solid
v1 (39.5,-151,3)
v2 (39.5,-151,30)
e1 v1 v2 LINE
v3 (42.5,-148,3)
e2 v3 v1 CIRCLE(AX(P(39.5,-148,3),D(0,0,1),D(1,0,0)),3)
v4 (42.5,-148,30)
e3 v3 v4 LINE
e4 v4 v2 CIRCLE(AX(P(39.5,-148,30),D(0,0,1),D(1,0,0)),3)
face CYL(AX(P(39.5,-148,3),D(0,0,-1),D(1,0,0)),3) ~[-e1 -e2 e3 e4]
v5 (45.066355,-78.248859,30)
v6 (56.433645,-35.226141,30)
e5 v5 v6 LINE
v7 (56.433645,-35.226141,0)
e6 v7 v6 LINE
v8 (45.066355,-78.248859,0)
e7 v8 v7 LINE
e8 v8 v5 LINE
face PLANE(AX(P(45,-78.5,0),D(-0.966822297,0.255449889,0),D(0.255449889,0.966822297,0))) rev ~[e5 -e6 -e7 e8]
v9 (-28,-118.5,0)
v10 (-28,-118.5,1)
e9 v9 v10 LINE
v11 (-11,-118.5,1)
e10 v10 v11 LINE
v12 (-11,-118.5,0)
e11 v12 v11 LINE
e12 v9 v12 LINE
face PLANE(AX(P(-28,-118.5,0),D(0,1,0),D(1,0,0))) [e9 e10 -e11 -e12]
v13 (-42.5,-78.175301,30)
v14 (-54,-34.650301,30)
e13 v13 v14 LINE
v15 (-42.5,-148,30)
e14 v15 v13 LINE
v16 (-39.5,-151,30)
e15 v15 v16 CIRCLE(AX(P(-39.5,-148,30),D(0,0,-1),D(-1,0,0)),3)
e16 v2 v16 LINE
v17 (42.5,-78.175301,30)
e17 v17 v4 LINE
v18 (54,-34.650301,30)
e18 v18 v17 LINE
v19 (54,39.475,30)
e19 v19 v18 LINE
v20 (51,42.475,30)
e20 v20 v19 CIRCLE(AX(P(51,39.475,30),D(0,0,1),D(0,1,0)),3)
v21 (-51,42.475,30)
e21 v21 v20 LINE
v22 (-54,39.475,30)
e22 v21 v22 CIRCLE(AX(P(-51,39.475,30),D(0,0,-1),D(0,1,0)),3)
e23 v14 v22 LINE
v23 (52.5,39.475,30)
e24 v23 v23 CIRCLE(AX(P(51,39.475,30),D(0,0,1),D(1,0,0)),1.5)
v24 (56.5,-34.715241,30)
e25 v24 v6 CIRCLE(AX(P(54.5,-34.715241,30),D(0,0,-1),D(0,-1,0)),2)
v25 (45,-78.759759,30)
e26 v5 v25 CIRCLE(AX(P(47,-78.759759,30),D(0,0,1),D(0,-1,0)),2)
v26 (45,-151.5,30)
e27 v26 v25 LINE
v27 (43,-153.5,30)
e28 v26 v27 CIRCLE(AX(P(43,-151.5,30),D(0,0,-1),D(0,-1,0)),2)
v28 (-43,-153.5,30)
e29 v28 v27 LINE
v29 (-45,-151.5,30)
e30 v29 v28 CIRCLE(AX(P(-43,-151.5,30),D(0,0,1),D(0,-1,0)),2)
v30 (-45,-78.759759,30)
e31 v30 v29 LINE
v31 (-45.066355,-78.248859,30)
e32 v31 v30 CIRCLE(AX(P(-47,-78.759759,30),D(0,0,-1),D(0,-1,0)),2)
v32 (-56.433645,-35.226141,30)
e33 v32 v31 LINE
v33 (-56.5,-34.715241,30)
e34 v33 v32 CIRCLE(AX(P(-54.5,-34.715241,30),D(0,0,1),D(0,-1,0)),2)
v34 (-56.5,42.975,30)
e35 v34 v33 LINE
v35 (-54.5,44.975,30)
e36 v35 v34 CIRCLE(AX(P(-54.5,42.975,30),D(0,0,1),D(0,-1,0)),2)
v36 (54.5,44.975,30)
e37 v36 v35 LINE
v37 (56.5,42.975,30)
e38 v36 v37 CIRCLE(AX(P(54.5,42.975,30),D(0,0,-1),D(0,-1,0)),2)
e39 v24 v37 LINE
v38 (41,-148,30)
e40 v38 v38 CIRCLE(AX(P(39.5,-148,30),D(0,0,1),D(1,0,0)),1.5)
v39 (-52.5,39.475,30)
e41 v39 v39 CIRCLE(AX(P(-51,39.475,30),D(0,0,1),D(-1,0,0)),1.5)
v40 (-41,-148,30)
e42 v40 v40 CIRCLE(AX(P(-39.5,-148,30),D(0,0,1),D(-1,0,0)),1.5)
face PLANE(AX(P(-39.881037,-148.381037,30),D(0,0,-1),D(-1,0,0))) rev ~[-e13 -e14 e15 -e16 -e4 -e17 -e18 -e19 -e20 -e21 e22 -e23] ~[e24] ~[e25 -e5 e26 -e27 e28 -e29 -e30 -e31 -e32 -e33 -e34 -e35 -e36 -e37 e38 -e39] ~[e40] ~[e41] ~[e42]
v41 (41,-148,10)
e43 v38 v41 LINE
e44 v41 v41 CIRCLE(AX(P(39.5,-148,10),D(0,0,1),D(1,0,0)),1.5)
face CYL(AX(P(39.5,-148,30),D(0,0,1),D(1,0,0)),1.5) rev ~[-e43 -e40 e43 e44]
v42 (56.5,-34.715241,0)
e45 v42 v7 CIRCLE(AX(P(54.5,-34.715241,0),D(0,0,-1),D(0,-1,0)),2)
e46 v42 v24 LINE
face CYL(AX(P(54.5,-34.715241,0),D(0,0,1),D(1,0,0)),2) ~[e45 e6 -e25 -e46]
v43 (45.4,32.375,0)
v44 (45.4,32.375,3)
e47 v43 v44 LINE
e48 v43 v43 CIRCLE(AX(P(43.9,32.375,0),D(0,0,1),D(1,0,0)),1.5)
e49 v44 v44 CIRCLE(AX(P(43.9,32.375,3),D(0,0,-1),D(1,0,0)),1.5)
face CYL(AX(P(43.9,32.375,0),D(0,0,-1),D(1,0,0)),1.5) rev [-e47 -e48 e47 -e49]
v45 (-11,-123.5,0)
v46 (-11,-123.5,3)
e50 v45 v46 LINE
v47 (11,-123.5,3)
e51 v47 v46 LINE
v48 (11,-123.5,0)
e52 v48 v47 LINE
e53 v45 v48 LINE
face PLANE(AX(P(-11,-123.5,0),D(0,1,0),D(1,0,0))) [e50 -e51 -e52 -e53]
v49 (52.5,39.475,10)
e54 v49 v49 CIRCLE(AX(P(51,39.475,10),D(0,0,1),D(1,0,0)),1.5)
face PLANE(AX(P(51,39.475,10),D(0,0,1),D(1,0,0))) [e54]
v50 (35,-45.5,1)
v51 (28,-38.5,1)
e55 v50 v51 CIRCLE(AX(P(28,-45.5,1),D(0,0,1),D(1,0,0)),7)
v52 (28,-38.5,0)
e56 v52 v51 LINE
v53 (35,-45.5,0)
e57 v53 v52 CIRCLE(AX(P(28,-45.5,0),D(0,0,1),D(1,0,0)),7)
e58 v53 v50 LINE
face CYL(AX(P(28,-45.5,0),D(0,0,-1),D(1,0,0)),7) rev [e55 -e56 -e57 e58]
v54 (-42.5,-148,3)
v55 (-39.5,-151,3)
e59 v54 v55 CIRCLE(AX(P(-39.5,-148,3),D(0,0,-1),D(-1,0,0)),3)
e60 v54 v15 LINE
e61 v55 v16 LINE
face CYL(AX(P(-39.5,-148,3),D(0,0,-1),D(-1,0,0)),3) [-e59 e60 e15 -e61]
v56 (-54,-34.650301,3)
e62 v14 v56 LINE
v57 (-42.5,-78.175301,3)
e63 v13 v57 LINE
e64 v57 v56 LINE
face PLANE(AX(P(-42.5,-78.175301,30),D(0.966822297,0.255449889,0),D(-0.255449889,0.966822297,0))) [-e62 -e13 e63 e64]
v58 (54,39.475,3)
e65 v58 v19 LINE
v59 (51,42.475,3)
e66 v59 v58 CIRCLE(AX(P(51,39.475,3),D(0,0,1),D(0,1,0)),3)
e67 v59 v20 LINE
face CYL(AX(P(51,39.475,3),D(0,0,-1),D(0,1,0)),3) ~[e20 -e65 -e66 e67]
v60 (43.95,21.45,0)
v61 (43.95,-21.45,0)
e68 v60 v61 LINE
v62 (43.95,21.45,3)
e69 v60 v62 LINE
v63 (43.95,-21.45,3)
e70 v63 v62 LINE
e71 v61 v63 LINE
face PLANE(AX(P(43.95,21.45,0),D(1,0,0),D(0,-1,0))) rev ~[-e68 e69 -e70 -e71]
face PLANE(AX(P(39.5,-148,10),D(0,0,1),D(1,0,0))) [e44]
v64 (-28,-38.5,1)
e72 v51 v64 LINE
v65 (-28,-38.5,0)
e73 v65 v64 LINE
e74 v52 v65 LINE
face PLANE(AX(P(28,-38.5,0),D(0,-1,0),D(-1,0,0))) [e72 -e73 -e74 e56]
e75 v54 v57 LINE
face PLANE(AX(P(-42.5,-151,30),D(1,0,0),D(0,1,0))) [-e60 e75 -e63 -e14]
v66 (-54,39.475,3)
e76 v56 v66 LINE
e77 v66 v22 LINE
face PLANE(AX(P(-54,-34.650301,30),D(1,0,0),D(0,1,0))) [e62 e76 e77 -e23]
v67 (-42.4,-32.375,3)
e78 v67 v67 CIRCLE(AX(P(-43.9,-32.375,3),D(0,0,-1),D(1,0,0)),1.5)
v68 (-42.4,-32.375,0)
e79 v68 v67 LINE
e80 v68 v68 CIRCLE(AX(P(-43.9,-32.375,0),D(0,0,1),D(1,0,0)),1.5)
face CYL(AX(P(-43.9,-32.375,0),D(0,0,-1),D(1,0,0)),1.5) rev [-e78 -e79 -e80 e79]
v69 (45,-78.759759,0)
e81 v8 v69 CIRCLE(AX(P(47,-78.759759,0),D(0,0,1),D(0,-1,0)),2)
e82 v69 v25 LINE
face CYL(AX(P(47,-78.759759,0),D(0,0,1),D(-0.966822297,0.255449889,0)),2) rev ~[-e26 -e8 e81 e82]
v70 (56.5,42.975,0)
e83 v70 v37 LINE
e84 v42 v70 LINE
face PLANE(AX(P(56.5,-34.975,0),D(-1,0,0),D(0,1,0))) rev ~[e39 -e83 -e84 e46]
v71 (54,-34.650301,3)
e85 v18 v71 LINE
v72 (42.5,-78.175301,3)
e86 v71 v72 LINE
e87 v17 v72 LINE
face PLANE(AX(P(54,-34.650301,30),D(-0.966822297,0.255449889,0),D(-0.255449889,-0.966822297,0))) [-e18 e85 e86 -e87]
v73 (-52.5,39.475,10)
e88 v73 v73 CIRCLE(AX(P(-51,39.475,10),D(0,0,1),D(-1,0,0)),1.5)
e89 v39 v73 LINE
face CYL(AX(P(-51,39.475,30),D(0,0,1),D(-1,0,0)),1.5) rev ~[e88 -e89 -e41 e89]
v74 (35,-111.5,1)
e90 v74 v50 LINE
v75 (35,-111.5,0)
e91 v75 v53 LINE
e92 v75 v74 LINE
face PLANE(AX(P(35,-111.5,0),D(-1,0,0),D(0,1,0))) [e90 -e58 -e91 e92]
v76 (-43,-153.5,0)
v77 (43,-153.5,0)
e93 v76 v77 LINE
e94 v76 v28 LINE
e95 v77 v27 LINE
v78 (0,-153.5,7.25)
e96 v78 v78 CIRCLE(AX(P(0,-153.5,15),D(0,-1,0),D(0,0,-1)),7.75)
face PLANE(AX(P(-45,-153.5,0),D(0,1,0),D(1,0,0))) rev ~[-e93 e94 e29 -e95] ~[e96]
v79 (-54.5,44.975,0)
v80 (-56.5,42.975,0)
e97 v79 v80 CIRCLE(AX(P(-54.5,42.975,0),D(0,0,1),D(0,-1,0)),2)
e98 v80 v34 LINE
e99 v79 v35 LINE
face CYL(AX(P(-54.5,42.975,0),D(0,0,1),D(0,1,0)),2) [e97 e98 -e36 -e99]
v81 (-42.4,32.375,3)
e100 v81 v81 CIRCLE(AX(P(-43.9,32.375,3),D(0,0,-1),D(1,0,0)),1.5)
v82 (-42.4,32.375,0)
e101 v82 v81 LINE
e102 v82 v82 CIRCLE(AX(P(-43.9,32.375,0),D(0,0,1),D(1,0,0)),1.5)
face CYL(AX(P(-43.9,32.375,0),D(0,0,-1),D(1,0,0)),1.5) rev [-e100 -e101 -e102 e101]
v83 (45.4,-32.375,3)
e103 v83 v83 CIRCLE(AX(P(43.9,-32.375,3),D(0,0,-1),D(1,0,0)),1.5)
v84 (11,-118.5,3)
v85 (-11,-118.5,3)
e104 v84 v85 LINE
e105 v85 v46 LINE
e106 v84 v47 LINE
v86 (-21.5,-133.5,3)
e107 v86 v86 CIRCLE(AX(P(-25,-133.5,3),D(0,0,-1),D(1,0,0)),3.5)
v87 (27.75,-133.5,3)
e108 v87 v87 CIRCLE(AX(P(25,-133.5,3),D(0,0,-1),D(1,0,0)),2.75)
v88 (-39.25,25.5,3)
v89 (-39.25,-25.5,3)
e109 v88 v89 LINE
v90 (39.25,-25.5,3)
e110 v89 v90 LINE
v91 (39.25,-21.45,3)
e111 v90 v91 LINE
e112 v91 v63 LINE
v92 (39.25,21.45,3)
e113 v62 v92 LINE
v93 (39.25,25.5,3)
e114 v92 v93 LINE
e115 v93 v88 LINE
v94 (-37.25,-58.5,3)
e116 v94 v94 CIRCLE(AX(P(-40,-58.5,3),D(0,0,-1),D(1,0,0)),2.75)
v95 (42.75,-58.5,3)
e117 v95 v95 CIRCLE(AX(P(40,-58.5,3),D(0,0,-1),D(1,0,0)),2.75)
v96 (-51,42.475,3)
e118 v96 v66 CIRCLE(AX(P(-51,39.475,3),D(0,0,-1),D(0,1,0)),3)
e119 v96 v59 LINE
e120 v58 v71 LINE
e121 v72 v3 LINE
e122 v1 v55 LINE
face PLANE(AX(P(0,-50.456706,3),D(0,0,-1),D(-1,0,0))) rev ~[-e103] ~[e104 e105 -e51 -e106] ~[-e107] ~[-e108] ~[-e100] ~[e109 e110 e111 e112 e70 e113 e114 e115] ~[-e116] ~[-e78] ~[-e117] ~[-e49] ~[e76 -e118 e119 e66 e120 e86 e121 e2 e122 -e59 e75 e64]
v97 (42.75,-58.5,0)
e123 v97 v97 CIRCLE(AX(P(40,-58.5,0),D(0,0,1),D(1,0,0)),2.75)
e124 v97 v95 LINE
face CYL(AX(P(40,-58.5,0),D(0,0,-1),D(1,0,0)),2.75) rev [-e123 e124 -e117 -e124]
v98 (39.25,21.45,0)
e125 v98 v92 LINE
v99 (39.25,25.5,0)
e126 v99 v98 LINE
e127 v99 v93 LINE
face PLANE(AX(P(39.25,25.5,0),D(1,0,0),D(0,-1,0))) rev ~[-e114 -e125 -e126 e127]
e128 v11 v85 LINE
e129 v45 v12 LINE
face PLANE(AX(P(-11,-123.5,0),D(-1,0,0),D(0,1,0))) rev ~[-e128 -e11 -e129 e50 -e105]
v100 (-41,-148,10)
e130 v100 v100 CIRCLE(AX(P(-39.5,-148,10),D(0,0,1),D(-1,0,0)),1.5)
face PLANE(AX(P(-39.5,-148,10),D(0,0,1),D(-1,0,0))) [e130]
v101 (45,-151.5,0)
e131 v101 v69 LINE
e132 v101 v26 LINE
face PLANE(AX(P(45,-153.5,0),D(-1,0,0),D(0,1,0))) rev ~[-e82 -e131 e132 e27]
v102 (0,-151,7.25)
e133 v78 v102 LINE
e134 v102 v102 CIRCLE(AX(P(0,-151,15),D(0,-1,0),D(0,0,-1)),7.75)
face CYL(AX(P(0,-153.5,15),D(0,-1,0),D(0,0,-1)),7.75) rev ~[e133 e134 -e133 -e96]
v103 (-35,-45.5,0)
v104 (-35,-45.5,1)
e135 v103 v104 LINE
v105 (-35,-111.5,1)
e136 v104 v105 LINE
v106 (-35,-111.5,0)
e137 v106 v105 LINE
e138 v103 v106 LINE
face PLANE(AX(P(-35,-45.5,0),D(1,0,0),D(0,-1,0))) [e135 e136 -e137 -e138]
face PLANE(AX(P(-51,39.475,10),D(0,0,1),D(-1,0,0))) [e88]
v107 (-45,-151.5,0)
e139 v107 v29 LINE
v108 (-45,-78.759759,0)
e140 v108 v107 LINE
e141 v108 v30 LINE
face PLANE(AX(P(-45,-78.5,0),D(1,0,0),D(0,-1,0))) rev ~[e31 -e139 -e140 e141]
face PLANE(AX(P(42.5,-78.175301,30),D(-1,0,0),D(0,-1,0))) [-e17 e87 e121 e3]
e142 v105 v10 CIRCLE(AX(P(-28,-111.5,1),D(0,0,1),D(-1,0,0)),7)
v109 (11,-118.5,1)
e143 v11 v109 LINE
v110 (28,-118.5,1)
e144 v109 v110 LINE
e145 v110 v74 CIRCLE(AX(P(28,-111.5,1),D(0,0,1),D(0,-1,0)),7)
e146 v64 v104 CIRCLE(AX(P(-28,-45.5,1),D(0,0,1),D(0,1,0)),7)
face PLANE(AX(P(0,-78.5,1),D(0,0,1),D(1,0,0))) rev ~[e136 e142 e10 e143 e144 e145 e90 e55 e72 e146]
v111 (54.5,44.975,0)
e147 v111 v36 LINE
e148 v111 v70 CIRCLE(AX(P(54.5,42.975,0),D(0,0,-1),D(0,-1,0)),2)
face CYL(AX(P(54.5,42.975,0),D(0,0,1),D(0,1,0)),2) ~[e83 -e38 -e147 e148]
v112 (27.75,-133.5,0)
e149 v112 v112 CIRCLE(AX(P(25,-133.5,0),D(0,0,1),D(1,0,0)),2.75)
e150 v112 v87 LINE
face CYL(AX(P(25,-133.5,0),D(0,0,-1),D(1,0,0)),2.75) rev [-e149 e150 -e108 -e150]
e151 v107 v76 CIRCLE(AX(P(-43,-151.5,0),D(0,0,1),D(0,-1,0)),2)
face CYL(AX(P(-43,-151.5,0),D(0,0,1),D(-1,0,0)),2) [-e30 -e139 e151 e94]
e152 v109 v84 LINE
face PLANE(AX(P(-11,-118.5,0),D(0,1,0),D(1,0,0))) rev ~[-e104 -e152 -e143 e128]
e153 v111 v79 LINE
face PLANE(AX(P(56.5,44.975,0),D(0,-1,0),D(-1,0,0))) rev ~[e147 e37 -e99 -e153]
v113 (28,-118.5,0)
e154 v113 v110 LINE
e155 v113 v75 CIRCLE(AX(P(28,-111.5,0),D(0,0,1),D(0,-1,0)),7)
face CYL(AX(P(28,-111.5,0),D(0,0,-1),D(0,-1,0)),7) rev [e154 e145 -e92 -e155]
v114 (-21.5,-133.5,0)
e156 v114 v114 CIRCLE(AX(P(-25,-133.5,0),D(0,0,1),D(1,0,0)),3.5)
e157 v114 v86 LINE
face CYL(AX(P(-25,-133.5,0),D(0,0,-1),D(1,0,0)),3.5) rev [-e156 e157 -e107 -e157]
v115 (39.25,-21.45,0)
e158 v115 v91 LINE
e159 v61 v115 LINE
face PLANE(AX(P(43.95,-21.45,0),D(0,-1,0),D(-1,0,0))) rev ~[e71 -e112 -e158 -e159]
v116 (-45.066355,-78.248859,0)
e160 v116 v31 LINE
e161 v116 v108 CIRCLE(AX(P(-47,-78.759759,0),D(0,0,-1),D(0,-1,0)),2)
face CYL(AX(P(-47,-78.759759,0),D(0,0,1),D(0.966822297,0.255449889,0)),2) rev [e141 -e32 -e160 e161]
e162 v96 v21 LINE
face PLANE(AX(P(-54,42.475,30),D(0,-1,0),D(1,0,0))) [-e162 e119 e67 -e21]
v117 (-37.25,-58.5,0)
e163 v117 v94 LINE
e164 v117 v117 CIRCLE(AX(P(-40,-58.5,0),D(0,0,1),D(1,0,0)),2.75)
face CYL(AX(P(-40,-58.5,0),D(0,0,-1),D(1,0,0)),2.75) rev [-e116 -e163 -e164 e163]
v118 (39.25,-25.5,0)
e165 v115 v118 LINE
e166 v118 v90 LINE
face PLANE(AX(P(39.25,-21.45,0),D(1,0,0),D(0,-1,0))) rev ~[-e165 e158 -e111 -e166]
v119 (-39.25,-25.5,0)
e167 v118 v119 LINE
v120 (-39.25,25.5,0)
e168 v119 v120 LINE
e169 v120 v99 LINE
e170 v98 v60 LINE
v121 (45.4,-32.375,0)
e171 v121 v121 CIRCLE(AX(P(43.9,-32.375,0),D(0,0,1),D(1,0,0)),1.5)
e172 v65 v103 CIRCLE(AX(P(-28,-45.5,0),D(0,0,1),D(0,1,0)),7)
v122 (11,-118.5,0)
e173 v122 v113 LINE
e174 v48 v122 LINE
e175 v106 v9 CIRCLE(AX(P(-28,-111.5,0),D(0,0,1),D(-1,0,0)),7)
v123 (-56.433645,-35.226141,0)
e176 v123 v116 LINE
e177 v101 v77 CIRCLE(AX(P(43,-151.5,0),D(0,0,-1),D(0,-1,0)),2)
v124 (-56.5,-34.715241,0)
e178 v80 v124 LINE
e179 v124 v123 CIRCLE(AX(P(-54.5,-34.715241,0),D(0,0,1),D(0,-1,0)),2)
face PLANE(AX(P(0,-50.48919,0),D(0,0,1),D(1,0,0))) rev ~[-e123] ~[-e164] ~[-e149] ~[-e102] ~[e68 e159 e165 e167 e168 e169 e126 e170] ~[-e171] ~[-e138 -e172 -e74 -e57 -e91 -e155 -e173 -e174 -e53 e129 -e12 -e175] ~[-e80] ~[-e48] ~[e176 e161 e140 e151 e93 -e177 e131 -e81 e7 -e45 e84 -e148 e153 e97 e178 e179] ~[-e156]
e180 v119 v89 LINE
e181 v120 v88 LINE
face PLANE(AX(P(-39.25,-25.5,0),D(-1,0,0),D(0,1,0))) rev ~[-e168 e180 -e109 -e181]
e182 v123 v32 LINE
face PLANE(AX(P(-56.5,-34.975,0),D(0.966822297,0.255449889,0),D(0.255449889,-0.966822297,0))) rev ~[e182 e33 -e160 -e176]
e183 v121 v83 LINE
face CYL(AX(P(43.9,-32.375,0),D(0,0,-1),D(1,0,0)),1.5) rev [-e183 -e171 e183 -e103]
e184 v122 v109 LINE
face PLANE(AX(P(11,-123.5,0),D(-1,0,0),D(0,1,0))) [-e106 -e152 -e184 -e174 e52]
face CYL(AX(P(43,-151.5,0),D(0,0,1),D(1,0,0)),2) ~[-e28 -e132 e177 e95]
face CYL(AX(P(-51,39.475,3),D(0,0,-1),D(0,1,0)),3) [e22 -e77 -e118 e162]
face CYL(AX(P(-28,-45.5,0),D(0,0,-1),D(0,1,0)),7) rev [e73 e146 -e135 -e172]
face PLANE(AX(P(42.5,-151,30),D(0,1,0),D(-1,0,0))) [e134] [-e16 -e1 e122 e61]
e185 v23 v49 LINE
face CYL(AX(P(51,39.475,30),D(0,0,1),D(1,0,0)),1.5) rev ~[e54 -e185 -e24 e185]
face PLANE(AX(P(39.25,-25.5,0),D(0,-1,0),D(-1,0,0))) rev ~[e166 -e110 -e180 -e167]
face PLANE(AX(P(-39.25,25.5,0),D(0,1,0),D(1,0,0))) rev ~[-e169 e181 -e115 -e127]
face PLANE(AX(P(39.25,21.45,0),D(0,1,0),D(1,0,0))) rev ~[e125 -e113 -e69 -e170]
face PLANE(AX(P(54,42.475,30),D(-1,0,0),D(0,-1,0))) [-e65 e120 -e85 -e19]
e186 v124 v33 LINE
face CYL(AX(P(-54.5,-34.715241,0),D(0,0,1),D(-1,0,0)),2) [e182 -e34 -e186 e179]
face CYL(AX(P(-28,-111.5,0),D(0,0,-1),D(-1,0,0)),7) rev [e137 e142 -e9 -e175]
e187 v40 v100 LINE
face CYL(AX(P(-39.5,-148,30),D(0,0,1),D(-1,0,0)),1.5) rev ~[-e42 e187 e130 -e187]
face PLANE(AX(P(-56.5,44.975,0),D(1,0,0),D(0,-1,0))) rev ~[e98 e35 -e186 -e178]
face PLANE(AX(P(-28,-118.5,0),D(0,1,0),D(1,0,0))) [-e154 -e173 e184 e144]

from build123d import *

# Parameters (mm, degrees)
SKETCH1_R           = 3.5
SKETCH1_R_2         = 2.75
SKETCH1_W           = 22
SKETCH1_H           = 5
SKETCH1_R_3         = 1.5
BOSS_EXTRUDE1_DEPTH = 30
CUT_EXTRUDE2_DEPTH  = 27
CUT_EXTRUDE4_DEPTH  = 1
FILLET1_R           = 2
BOSS_EXTRUDE2_DEPTH = 27
SKETCH6_R           = 1.5
CUT_EXTRUDE5_DEPTH  = 20
CUT_EXTRUDE6_REACH  = 210.53
SKETCH7_R           = 7.75


with BuildPart() as part:
    # Sketch1 → Boss-Extrude1 (new body)
    with BuildSketch(Plane.XY):
        Polygon((56.5, 44.975), (-56.5, 44.975), (-56.5, -34.975), (-45, -78.5), (-45, -153.5), (45, -153.5), (45, -78.5), (56.5, -34.975), align=None)
        with Locations((-25, -133.5)):
            Circle(SKETCH1_R, mode=Mode.SUBTRACT)
        with Locations((-40, -58.5)):
            Circle(SKETCH1_R_2, mode=Mode.SUBTRACT)
        with Locations((0, -121)):
            Rectangle(SKETCH1_W, SKETCH1_H, mode=Mode.SUBTRACT)
        with Locations((25, -133.5)):
            Circle(SKETCH1_R_2, mode=Mode.SUBTRACT)
        with Locations((40, -58.5)):
            Circle(SKETCH1_R_2, mode=Mode.SUBTRACT)
        with Locations((-43.9, -32.375)):
            Circle(SKETCH1_R_3, mode=Mode.SUBTRACT)
        with Locations((-43.9, 32.375)):
            Circle(SKETCH1_R_3, mode=Mode.SUBTRACT)
        with Locations((43.9, -32.375)):
            Circle(SKETCH1_R_3, mode=Mode.SUBTRACT)
        Polygon((-39.25, -25.5), (-39.25, 25.5), (39.25, 25.5), (39.25, 21.45), (43.95, 21.45), (43.95, -21.45), (39.25, -21.45), (39.25, -25.5), align=None, mode=Mode.SUBTRACT)
        with Locations((43.9, 32.375)):
            Circle(SKETCH1_R_3, mode=Mode.SUBTRACT)
    extrude(amount=BOSS_EXTRUDE1_DEPTH)

    # Sketch2 → Cut-Extrude2 (cut)
    with BuildSketch(Plane.XY.offset(30)):
        Polygon((54, 42.475), (54, -34.65030126), (42.5, -78.17530126), (42.5, -151), (-42.5, -151), (-42.5, -78.17530126), (-54, -34.65030126), (-54, 42.475), align=None)
    extrude(amount=-CUT_EXTRUDE2_DEPTH, mode=Mode.SUBTRACT)

    # Sketch1<3> → Cut-Extrude4 (cut)
    with BuildSketch(Plane.XY):
        with BuildLine():
            Line((-28, -118.5), (28, -118.5))
            ThreePointArc((28, -118.5), (32.949747468, -116.449747468), (35, -111.5))
            Line((35, -111.5), (35, -45.5))
            ThreePointArc((35, -45.5), (32.949747468, -40.550252532), (28, -38.5))
            Line((28, -38.5), (-28, -38.5))
            ThreePointArc((-28, -38.5), (-32.949747468, -40.550252532), (-35, -45.5))
            Line((-35, -45.5), (-35, -111.5))
            ThreePointArc((-35, -111.5), (-32.949747468, -116.449747468), (-28, -118.5))
        make_face()
    extrude(amount=CUT_EXTRUDE4_DEPTH, mode=Mode.SUBTRACT)

    # Fillet1
    fillet1_edges = [part.edges().sort_by_distance(p)[0] for p in [
        (56.5, 44.975, 15),
        (56.5, -34.975, 15),
        (45, -78.5, 15),
        (45, -153.5, 15),
        (-45, -153.5, 15),
        (-45, -78.5, 15),
        (-56.5, -34.975, 15),
        (-56.5, 44.975, 15),
    ]]
    fillet(fillet1_edges, radius=FILLET1_R)

    # Sketch5 → Boss-Extrude2 (add, through all)
    with BuildSketch(Plane.XY.offset(3)):
        with BuildLine():
            Line((-42.5, -151), (-42.5, -148))
            ThreePointArc((-42.5, -148), (-37.378679656, -145.878679656), (-39.5, -151))
            Line((-39.5, -151), (-42.5, -151))
        make_face()
        with BuildLine():
            Line((39.5, -151), (42.5, -151))
            Line((42.5, -151), (42.5, -148))
            ThreePointArc((42.5, -148), (37.378679656, -145.878679656), (39.5, -151))
        make_face()
        with BuildLine():
            Line((-54, 42.475), (-51, 42.475))
            ThreePointArc((-51, 42.475), (-48.878679656, 37.353679656), (-54, 39.475))
            Line((-54, 39.475), (-54, 42.475))
        make_face()
        with BuildLine():
            Line((54, 39.475), (54, 42.475))
            Line((54, 42.475), (51, 42.475))
            ThreePointArc((51, 42.475), (48.878679656, 37.353679656), (54, 39.475))
        make_face()
    extrude(amount=BOSS_EXTRUDE2_DEPTH)

    # Sketch6 → Cut-Extrude5 (cut)
    with BuildSketch(Plane.XY.offset(30)):
        with Locations((51, 39.475)):
            Circle(SKETCH6_R)
        with Locations((39.5, -148)):
            Circle(SKETCH6_R)
        with Locations(Location((-39.5, -148, 0), (0, 0, 180))):
            Circle(SKETCH6_R)
        with Locations(Location((-51, 39.475, 0), (0, 0, 180))):
            Circle(SKETCH6_R)
    extrude(amount=-CUT_EXTRUDE5_DEPTH, mode=Mode.SUBTRACT)

    # Sketch7 → Cut-Extrude6 (cut, up to next)
    with BuildSketch(Plane.XZ.offset(153.5), mode=Mode.PRIVATE) as cut_extrude6_sk1:
        with Locations(Location((0, 15, 0), (0, 0, 270))):
            Circle(SKETCH7_R)
    cut_extrude6_tool1 = extrude(cut_extrude6_sk1.sketch, amount=-CUT_EXTRUDE6_REACH, mode=Mode.PRIVATE) & part.part
    add(cut_extrude6_tool1.solids().sort_by_distance((0, -153.5, 15))[0], mode=Mode.SUBTRACT)


solid = part.part
